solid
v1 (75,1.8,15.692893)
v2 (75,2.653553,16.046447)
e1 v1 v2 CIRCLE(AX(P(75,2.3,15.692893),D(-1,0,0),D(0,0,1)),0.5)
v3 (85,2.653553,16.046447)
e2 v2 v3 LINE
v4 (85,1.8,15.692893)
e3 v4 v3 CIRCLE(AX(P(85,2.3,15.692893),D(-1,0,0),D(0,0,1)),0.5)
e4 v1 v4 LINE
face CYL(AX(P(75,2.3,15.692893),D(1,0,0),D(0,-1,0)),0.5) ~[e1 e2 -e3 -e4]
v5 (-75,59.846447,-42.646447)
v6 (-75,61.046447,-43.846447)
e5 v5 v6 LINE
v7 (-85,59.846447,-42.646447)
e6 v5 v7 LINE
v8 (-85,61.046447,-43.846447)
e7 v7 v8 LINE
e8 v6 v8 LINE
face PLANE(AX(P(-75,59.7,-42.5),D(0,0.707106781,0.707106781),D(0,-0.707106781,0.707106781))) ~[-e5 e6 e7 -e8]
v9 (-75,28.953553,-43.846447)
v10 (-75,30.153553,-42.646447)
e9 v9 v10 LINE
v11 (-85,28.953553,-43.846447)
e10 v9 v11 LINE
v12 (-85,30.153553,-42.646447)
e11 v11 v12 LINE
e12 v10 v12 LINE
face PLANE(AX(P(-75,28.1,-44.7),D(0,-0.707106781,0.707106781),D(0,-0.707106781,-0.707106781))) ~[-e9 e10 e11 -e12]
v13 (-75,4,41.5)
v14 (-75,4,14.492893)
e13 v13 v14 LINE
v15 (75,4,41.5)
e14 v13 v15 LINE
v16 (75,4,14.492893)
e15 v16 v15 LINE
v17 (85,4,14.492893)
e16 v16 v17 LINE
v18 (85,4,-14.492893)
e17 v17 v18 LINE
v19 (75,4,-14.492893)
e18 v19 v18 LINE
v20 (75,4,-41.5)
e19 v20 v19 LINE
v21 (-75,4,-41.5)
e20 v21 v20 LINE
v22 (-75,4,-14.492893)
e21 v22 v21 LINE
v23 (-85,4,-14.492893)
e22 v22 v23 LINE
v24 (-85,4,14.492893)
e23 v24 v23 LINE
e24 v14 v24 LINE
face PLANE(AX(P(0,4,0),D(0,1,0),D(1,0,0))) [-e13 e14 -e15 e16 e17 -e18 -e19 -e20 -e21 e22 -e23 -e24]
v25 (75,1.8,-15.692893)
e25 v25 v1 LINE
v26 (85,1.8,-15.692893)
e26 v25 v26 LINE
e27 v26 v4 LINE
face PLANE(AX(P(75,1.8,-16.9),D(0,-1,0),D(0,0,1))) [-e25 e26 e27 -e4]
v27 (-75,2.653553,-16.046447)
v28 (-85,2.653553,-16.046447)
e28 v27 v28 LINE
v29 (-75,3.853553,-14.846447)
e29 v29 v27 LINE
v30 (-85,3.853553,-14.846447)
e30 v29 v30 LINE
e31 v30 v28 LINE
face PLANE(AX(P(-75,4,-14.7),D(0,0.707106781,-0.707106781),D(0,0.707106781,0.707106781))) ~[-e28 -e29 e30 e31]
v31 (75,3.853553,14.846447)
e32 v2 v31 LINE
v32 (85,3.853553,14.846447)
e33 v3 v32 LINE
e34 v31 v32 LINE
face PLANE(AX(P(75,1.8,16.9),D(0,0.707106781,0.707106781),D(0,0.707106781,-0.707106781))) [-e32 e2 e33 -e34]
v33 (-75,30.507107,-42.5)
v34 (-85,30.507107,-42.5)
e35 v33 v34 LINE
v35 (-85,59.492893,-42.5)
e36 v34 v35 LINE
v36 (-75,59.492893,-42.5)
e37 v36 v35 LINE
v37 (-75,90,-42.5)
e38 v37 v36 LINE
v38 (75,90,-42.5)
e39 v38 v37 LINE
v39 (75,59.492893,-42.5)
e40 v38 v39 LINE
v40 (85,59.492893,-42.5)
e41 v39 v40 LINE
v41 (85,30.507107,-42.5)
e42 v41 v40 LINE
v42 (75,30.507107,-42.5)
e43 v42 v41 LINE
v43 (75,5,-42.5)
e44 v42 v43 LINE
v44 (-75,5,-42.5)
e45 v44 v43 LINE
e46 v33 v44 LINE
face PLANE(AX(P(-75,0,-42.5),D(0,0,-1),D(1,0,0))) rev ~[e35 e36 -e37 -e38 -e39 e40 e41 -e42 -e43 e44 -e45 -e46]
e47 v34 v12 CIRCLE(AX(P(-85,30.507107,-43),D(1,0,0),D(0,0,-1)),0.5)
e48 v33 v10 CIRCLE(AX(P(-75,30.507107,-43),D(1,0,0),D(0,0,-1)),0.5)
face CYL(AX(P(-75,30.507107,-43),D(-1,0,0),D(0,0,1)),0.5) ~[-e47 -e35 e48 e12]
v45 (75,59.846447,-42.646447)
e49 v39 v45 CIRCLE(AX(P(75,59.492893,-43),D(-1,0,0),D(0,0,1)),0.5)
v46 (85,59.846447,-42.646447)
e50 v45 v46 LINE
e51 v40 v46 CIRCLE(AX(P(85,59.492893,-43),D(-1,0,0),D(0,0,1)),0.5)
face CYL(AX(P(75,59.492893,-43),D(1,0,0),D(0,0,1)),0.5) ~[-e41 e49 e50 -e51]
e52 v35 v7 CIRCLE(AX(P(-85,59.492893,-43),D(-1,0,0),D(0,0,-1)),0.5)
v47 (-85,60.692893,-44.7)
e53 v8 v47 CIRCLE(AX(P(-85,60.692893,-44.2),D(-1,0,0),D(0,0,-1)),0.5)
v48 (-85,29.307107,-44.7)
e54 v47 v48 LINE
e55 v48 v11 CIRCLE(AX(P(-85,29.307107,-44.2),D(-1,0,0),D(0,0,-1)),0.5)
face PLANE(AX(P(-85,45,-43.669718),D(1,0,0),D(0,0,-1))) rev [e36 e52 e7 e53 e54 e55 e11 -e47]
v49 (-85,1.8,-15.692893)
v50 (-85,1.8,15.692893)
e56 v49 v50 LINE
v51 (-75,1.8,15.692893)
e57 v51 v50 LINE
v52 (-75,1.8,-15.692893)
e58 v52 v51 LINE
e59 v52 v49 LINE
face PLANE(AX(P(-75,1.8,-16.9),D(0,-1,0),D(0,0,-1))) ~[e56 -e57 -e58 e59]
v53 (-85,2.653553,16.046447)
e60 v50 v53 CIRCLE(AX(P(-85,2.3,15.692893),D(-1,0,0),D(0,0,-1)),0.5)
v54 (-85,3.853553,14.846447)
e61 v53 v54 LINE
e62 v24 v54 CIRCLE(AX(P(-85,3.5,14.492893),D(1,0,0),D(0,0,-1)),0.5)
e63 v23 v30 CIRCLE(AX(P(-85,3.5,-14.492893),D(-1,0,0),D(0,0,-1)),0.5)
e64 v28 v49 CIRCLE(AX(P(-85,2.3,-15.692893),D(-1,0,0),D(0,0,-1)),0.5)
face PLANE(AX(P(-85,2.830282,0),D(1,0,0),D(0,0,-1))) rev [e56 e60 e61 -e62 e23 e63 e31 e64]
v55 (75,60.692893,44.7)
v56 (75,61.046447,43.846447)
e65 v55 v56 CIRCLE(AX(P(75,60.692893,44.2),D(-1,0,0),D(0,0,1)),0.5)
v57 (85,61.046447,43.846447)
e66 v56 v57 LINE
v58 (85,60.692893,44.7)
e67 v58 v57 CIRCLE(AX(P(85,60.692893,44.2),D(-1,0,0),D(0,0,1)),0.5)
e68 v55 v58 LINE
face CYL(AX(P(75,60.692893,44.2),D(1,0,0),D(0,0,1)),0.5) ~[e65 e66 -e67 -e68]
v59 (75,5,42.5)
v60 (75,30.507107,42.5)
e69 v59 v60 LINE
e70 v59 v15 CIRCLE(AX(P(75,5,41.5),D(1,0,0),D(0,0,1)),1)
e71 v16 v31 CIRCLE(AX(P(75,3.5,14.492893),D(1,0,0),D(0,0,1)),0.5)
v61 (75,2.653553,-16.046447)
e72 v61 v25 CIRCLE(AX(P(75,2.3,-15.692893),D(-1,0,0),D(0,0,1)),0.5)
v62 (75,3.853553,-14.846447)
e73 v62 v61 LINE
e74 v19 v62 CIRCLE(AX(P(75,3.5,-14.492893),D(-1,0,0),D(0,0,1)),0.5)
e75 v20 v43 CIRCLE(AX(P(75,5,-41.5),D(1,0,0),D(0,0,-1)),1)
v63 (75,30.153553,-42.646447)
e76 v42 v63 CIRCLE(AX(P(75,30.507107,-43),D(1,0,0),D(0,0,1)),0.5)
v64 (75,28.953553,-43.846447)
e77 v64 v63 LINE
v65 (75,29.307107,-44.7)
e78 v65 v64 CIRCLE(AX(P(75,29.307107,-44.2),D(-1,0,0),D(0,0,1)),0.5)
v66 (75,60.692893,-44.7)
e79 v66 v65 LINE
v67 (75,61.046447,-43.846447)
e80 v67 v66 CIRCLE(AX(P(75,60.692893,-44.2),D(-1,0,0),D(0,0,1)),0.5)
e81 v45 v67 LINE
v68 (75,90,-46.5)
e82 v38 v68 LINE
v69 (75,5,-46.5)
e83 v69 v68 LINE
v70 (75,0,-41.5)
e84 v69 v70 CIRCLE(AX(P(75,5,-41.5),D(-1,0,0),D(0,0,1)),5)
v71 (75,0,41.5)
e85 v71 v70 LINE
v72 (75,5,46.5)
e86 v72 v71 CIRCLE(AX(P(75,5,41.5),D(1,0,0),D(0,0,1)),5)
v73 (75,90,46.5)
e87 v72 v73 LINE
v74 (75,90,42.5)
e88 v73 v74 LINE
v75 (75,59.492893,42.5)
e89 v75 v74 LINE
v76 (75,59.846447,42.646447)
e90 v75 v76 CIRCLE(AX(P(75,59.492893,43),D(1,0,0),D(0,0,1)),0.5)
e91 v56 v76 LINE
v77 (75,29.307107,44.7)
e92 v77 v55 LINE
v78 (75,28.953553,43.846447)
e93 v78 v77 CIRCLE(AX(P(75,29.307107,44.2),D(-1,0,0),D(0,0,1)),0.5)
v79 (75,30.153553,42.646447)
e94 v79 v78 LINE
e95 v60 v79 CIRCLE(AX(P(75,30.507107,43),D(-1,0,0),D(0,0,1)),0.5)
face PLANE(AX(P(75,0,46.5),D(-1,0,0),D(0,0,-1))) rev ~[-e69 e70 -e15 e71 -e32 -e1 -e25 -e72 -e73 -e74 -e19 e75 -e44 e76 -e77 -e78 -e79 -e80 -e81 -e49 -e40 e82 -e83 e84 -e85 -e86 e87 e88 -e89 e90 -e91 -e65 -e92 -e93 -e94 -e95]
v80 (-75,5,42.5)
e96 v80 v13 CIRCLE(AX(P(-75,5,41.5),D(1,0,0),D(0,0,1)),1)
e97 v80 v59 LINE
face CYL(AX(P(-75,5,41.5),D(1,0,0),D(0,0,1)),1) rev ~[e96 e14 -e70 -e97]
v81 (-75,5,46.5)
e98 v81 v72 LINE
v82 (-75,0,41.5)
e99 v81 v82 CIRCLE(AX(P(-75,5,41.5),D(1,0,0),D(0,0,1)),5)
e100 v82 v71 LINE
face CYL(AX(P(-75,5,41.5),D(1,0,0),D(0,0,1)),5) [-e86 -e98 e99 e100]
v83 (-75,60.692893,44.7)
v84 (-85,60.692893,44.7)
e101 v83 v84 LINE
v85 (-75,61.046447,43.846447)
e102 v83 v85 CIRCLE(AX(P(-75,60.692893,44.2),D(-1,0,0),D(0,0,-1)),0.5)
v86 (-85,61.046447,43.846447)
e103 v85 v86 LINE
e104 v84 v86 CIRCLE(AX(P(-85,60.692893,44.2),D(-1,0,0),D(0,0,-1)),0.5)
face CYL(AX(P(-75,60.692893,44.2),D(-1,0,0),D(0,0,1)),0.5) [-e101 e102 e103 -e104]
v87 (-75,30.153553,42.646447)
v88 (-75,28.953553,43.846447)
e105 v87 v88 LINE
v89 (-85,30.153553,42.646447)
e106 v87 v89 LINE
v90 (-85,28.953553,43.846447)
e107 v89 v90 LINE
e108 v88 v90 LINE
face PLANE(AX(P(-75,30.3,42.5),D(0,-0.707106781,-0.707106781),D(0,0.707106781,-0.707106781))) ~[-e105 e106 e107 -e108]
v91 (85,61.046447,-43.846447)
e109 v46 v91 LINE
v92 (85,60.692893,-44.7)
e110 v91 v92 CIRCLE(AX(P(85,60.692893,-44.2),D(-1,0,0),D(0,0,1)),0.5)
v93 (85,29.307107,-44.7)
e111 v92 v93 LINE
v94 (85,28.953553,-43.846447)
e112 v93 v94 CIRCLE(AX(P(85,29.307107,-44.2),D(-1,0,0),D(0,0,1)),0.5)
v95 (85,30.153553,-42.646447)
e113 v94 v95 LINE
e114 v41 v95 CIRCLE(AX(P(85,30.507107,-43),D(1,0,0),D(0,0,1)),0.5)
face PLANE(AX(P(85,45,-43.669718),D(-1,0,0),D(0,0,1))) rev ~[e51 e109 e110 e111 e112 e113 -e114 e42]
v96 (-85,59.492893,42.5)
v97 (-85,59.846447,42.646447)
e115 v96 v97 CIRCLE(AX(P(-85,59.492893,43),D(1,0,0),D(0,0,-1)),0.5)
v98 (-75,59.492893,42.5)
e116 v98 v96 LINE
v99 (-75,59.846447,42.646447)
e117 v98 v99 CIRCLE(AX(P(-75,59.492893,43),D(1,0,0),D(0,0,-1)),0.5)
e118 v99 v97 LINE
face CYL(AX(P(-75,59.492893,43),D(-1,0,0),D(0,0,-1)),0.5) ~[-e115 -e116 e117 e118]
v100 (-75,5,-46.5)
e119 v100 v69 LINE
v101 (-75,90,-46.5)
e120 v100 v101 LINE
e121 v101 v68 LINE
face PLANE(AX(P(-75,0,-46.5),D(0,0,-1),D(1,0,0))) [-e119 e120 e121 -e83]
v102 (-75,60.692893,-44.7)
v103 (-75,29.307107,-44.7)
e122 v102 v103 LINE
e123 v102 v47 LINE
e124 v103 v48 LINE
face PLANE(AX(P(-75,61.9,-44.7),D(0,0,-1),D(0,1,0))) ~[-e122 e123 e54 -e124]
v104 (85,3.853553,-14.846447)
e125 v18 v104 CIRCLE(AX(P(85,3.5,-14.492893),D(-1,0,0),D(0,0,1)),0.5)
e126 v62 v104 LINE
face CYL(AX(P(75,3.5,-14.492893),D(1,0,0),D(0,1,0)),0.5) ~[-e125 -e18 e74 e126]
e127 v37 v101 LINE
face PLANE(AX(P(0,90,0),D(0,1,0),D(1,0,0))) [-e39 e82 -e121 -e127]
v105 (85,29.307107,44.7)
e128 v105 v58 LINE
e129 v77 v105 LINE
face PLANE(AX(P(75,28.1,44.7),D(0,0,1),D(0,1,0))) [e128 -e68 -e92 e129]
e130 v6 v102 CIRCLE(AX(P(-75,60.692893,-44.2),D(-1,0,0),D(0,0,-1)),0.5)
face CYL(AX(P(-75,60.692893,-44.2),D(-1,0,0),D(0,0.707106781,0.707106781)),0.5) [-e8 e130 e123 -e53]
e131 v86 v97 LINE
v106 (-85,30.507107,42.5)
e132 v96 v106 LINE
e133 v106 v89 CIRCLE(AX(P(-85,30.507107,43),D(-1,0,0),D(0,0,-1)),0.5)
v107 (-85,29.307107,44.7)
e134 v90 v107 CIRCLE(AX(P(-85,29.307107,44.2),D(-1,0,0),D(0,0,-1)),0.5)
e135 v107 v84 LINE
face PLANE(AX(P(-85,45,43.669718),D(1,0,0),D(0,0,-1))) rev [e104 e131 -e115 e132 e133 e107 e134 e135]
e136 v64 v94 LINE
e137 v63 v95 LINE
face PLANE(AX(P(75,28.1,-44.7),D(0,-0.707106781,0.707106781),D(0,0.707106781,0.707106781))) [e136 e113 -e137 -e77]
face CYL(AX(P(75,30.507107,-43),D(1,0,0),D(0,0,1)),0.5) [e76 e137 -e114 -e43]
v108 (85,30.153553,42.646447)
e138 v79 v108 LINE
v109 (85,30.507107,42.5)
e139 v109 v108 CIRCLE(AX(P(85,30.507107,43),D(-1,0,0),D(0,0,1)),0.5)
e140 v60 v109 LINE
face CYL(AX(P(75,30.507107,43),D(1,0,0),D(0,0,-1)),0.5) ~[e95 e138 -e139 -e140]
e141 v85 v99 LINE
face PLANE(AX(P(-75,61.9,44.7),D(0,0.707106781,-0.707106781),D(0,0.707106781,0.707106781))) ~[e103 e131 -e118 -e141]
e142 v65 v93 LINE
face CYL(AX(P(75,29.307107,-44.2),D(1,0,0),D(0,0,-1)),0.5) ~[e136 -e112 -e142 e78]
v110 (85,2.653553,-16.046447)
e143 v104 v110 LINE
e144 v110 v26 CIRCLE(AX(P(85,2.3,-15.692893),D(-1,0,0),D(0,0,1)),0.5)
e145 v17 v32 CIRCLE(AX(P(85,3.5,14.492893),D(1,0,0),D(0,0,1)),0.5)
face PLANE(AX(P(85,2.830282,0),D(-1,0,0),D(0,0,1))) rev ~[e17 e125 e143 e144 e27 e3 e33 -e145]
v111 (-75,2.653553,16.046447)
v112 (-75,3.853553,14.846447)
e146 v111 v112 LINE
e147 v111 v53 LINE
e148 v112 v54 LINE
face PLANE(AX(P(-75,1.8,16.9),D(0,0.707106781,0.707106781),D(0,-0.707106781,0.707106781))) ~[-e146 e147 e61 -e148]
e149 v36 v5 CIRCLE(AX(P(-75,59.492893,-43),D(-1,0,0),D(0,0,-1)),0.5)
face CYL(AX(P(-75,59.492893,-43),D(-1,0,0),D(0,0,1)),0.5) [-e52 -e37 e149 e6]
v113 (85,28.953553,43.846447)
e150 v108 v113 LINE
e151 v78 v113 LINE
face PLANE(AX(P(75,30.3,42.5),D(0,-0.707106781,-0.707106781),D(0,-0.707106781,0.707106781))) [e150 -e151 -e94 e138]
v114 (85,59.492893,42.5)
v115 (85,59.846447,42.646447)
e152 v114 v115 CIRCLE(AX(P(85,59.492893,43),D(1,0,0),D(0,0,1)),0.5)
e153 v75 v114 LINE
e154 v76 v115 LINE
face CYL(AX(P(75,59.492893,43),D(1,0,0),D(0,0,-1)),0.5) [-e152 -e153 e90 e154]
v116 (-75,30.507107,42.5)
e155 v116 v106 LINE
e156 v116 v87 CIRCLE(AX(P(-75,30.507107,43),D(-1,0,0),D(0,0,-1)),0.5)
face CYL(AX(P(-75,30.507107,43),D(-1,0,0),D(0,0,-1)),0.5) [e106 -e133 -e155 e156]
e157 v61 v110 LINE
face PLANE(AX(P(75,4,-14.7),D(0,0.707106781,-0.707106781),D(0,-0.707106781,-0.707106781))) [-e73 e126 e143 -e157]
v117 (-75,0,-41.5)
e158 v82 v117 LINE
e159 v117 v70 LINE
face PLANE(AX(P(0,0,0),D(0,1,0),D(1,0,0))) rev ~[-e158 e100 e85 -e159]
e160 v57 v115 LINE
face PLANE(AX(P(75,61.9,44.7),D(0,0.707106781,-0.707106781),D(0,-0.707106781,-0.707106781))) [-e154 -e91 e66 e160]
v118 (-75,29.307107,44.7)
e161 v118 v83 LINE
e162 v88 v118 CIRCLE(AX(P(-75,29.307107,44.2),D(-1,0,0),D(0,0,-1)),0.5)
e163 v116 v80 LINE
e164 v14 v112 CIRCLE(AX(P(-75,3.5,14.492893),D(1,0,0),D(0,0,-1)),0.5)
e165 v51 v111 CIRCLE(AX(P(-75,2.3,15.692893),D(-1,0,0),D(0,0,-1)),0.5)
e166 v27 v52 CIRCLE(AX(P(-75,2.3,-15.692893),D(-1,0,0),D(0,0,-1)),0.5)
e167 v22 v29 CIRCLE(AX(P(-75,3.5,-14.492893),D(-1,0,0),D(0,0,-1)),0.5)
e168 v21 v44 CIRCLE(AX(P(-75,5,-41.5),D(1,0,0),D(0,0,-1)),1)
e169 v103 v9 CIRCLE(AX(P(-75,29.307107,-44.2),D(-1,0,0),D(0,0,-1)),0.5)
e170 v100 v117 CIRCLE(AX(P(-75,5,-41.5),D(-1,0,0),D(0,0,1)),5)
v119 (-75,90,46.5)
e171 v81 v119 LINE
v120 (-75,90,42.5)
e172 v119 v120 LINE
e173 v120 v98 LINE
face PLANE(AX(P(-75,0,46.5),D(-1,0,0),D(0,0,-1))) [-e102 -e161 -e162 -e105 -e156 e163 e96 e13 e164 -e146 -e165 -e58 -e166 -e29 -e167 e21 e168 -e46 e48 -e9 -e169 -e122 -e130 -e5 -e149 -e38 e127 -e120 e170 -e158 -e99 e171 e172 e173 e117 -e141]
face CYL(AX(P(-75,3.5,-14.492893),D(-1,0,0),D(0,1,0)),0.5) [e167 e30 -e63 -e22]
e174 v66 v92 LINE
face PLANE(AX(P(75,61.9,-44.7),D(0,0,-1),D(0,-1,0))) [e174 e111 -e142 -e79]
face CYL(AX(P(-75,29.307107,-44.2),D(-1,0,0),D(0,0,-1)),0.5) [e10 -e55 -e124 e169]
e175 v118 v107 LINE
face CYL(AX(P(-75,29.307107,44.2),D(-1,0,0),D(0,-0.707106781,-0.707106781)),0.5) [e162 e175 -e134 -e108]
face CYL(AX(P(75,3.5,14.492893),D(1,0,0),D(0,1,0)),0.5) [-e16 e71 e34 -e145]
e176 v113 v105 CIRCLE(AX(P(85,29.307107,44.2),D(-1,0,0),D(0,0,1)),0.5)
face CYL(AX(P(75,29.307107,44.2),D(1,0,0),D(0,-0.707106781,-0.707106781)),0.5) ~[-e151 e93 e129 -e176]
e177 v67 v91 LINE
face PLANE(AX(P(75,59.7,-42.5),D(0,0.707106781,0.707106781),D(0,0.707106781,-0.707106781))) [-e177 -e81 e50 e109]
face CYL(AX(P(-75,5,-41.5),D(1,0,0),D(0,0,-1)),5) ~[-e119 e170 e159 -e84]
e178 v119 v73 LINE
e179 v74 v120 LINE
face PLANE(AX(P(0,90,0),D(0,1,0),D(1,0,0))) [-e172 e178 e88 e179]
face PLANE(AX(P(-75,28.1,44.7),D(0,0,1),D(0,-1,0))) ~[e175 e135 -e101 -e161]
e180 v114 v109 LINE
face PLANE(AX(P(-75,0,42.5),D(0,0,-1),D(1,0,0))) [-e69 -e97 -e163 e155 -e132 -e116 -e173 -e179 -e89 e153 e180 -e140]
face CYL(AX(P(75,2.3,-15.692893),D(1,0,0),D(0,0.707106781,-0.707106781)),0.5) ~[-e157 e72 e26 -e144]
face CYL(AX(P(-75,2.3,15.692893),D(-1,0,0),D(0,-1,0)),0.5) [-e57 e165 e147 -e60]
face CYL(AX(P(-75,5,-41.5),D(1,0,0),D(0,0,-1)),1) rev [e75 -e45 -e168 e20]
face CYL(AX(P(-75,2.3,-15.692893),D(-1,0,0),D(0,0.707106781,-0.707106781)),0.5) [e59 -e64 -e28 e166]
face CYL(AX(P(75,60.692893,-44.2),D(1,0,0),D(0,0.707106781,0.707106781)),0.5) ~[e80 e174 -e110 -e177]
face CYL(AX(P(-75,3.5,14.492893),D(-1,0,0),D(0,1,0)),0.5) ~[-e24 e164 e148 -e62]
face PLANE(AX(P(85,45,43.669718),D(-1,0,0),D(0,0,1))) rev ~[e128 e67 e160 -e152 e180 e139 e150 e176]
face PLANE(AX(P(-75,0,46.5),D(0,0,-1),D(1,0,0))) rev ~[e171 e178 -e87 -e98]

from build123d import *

# Parameters (mm, degrees)
SKETCH_1_W             = 150
SKETCH_1_H             = 93
EXTRUDE_1_DEPTH        = 90
FILLET_1_R             = 5
SHELL_1_T              = -4
EXTRUDE_3_DEPTH        = 10
FILLET_2_R             = 0.5
FILLET_2_OF_MIRROR_1_R = 0.5


with BuildPart() as part:
    # 草圖1 → 填料-伸長1 (new body)
    with BuildSketch(Plane(origin=(0, 0, 0), x_dir=(1, 0, 0), z_dir=(0, 1, 0))):
        Rectangle(SKETCH_1_W, SKETCH_1_H)
    extrude(amount=EXTRUDE_1_DEPTH)

    # 圓角1
    fillet_1_edges = [part.edges().sort_by_distance(p)[0] for p in [
        (0, 0, 46.5),
        (0, 0, -46.5),
    ]]
    fillet(fillet_1_edges, radius=FILLET_1_R)

    # 薄殼1
    shell_1_openings = [part.faces().sort_by_distance(p)[0] for p in [
        (0, 90, 0),
        (-75, 45.056329123, 0),
        (75, 45.056329123, 0),
    ]]
    offset(amount=SHELL_1_T, openings=shell_1_openings, kind=Kind.INTERSECTION)

    # 草圖2 → 填料-伸長3 (add)
    with BuildSketch(Plane(origin=(75, 0, 0), x_dir=(0, 0, -1), z_dir=(1, 0, 0))):
        Polygon((42.5, 59.7), (44.7, 61.9), (44.7, 28.1), (42.5, 30.3), align=None)
        Polygon((14.7, 4), (16.9, 1.8), (-16.9, 1.8), (-14.7, 4), align=None)
        Polygon((-42.5, 59.7), (-42.5, 30.3), (-44.7, 28.1), (-44.7, 61.9), align=None)
    extrude_3 = extrude(amount=EXTRUDE_3_DEPTH)

    # 圓角2
    fillet_2_edges = [part.edges().sort_by_distance(p)[0] for p in [
        (80, 59.7, -42.5),
        (80, 30.3, -42.5),
        (80, 28.1, -44.7),
        (80, 61.9, -44.7),
        (80, 4, -14.7),
        (80, 4, 14.7),
        (80, 1.8, 16.9),
        (80, 1.8, -16.9),
        (80, 61.9, 44.7),
        (80, 28.1, 44.7),
        (80, 30.3, 42.5),
        (80, 59.7, 42.5),
    ]]
    fillet(fillet_2_edges, radius=FILLET_2_R)

    # 鏡射1: 填料-伸長3 across plane
    add(extrude_3.mirror(Plane(origin=(0, 0, 0), x_dir=(0, 0, 1), z_dir=(1, 0, 0))))

    # 圓角2 of 鏡射1
    fillet_2_of_mirror_1_edges = [part.edges().sort_by_distance(p)[0] for p in [
        (-80, 59.7, -42.5),
        (-80, 30.3, -42.5),
        (-80, 28.1, -44.7),
        (-80, 61.9, -44.7),
        (-80, 4, -14.7),
        (-80, 4, 14.7),
        (-80, 1.8, 16.9),
        (-80, 1.8, -16.9),
        (-80, 61.9, 44.7),
        (-80, 28.1, 44.7),
        (-80, 30.3, 42.5),
        (-80, 59.7, 42.5),
    ]]
    fillet(fillet_2_of_mirror_1_edges, radius=FILLET_2_OF_MIRROR_1_R)


solid = part.part
